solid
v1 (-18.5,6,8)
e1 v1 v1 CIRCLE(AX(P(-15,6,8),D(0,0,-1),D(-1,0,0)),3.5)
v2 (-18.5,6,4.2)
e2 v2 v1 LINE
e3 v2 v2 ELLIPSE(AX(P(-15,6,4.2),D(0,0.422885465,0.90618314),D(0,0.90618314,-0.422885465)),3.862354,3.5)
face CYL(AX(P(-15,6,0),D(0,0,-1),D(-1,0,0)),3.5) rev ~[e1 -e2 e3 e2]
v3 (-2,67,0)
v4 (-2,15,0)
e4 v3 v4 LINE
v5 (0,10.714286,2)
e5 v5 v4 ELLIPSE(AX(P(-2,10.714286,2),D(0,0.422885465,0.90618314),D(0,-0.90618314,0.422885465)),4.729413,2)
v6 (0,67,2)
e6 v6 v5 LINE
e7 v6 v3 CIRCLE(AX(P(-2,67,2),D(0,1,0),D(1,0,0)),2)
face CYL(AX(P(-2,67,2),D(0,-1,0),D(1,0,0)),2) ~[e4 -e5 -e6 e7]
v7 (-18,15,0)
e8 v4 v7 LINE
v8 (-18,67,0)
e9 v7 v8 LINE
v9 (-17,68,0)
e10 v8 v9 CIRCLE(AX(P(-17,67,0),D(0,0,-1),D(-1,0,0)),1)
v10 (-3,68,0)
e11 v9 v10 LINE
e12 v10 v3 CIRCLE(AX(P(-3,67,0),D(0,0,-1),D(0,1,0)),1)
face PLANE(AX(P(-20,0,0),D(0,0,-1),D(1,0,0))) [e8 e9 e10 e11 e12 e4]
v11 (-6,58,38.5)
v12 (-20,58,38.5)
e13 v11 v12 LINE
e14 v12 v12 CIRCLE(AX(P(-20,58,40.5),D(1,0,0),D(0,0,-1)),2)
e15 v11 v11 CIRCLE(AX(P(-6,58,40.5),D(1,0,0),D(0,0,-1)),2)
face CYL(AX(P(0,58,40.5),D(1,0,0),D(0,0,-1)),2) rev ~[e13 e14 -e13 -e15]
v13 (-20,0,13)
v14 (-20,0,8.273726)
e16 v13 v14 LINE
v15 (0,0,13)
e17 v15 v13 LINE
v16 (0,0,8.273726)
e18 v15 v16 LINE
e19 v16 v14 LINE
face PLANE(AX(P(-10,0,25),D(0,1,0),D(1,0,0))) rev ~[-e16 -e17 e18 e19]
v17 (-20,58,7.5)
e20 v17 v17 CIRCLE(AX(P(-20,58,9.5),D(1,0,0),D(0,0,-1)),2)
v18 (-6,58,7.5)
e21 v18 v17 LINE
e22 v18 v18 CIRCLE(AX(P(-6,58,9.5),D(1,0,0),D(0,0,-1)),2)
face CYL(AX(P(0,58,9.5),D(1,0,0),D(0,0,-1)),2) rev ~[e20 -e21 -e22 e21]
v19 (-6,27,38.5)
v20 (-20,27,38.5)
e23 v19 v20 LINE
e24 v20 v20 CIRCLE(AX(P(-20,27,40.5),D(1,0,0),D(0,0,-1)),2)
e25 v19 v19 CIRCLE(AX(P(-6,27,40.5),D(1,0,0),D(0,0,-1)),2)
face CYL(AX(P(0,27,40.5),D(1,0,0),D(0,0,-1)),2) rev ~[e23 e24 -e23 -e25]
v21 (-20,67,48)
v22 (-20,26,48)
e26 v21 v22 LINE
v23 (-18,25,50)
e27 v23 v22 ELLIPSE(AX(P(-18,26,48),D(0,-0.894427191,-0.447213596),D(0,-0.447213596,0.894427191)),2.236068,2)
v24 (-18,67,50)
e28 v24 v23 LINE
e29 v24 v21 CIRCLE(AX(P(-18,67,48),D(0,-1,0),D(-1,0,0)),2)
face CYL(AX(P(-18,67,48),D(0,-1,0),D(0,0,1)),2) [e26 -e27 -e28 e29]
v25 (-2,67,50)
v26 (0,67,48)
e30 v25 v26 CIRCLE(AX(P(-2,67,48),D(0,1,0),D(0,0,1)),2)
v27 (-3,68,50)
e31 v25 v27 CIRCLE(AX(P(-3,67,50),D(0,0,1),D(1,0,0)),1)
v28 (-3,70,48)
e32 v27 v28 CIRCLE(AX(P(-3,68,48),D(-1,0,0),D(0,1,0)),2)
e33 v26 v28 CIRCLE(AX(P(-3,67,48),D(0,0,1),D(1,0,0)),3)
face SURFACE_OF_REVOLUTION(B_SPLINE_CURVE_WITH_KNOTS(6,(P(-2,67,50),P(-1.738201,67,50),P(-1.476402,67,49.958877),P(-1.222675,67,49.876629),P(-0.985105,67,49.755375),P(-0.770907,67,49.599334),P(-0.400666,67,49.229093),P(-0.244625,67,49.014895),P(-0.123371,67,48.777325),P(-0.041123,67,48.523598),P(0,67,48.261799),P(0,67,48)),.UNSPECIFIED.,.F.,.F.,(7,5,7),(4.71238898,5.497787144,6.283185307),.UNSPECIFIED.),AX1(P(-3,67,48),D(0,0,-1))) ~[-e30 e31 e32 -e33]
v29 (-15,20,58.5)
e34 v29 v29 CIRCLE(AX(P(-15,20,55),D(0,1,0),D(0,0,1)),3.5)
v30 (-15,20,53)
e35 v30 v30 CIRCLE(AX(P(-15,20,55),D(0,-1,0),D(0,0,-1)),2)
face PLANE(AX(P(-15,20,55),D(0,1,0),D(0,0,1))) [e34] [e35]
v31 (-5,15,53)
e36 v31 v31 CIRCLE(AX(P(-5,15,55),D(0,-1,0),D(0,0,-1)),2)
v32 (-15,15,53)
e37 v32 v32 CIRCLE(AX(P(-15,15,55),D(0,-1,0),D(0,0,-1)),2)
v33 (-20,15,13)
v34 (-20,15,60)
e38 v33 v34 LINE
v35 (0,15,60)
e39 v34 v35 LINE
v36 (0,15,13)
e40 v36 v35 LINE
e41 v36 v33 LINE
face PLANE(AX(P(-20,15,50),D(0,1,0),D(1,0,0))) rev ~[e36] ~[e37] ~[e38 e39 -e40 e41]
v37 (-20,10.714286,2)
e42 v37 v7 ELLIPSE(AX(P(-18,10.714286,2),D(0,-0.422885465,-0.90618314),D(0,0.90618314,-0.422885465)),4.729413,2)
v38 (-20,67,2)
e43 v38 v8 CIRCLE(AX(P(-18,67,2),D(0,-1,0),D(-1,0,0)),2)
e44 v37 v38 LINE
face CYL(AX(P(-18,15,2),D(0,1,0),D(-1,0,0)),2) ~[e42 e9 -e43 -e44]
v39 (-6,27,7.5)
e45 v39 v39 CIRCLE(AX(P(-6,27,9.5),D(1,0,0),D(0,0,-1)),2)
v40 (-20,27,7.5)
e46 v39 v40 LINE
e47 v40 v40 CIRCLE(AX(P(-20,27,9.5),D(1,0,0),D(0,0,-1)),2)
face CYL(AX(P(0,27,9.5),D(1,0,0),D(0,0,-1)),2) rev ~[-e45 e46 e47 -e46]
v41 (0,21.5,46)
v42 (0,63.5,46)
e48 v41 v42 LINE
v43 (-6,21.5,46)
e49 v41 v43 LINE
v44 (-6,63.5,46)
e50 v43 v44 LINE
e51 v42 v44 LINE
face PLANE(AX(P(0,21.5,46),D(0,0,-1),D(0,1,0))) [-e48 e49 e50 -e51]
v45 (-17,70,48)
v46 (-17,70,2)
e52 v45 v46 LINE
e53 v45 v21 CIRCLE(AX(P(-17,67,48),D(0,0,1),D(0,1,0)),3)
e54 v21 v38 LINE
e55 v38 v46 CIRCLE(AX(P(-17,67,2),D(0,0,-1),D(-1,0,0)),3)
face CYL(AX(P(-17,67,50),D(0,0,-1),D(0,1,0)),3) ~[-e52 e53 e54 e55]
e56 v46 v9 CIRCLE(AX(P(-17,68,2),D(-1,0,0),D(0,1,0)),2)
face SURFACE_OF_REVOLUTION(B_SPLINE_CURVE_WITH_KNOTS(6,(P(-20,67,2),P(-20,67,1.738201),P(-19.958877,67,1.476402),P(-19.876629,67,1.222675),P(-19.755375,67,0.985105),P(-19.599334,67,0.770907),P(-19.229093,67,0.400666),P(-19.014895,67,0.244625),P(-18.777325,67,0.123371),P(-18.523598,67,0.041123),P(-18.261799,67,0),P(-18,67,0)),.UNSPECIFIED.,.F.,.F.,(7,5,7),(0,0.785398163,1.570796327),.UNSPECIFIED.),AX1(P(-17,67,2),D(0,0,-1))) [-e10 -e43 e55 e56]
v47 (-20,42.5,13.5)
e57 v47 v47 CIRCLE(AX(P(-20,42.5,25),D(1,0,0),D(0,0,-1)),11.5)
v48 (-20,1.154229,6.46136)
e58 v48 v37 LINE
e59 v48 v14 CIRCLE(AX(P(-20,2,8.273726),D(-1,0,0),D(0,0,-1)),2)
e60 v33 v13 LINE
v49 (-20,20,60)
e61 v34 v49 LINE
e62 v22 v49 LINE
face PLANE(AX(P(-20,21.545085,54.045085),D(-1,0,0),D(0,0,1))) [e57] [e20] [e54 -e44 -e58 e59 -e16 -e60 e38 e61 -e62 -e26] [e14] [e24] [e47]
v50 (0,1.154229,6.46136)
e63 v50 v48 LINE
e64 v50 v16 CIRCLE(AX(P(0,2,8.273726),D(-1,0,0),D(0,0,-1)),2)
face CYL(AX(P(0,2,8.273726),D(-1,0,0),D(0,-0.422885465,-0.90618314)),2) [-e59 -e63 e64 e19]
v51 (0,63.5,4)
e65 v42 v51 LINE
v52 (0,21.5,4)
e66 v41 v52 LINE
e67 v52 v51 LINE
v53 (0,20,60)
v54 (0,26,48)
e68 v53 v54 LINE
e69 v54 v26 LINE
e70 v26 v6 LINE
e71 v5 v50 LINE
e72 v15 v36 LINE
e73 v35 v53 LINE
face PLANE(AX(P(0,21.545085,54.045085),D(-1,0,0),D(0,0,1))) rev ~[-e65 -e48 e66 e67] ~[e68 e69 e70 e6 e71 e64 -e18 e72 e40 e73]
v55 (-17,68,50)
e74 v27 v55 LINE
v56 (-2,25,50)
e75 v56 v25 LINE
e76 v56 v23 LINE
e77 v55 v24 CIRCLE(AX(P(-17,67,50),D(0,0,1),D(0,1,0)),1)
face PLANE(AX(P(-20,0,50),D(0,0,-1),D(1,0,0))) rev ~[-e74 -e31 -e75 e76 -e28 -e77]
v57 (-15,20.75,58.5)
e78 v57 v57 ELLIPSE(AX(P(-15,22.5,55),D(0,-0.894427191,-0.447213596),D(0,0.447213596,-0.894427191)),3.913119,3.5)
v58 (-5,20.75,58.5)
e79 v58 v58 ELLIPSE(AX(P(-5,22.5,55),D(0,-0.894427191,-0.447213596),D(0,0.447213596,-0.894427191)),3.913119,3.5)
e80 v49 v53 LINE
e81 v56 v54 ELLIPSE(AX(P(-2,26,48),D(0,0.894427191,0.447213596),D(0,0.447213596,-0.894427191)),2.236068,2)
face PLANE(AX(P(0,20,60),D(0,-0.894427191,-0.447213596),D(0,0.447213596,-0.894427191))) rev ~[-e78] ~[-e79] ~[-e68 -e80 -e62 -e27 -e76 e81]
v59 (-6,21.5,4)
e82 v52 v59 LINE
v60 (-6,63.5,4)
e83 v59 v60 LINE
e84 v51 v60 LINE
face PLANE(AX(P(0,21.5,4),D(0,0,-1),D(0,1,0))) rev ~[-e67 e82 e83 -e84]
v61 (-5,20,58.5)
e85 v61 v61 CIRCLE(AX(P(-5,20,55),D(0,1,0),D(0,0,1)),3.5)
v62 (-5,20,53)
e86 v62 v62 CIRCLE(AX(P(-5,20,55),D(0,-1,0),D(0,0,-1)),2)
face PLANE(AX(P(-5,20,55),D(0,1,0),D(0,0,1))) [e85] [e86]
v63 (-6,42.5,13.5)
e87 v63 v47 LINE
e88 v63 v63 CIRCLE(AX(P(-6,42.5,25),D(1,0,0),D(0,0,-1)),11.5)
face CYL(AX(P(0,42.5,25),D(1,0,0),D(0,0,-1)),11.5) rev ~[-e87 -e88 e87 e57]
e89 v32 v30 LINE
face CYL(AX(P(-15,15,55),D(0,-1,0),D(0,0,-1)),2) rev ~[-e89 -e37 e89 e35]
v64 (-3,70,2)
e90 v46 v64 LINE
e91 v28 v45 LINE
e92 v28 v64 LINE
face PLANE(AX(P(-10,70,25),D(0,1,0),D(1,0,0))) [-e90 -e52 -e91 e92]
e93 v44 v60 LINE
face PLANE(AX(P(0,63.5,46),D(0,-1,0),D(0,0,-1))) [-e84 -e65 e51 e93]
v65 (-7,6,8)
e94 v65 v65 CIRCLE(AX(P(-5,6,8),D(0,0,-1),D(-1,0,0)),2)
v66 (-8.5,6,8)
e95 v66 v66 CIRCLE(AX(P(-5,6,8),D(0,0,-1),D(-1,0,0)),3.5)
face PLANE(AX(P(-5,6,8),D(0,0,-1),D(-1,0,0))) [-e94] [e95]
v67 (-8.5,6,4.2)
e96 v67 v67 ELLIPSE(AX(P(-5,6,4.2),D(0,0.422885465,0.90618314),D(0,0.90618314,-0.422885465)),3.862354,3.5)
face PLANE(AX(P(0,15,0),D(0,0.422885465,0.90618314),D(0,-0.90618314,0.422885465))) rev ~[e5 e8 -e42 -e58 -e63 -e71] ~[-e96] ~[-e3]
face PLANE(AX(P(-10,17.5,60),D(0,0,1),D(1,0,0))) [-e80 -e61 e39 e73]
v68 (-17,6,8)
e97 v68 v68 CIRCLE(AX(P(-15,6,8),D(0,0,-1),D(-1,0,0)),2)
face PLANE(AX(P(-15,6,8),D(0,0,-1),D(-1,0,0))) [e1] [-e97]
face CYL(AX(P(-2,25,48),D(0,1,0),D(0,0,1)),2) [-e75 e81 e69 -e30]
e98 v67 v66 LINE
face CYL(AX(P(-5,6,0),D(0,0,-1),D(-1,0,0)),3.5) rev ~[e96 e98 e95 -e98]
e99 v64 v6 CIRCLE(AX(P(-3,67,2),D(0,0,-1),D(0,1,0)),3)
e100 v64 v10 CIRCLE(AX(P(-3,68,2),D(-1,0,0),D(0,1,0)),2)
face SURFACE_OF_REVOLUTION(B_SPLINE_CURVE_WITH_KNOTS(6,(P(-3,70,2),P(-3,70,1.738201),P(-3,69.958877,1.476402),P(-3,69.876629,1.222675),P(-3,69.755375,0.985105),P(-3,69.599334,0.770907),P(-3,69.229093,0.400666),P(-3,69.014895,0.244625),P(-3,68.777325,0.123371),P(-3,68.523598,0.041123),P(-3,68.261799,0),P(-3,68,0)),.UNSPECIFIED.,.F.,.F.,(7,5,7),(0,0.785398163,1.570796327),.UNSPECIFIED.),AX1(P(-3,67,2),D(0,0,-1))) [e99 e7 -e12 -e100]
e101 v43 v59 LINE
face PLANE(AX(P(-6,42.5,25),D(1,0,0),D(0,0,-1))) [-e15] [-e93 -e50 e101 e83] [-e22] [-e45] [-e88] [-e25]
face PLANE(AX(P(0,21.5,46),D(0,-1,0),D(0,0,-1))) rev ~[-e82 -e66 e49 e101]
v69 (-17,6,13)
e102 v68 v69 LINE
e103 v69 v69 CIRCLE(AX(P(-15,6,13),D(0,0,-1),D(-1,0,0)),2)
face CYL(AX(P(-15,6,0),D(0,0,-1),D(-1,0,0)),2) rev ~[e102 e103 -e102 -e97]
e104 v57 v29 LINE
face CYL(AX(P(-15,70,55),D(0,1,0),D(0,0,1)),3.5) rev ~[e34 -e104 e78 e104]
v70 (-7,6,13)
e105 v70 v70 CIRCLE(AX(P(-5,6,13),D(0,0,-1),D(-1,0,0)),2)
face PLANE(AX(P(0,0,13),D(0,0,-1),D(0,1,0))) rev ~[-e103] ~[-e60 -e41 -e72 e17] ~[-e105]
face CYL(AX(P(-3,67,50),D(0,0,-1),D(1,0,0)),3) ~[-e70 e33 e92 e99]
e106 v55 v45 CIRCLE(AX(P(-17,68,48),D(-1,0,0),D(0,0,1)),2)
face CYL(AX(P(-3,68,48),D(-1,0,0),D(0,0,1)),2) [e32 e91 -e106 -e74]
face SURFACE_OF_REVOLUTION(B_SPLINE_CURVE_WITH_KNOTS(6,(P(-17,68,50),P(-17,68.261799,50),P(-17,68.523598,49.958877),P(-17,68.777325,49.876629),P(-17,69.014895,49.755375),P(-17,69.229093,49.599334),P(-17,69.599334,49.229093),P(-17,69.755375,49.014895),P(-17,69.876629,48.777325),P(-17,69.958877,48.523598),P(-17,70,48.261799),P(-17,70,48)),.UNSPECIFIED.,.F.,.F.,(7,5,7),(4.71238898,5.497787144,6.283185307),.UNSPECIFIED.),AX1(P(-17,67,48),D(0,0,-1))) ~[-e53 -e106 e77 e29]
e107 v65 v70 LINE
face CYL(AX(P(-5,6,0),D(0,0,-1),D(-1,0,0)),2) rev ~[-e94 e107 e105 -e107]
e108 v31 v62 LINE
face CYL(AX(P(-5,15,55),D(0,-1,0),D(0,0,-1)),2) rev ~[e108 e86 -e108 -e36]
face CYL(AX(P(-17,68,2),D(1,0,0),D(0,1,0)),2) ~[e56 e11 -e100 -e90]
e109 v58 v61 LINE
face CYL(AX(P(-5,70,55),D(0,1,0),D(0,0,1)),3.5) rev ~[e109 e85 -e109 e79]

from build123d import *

# Parameters (mm, degrees)
SKETCH1_W           = 20
SKETCH1_H           = 50
BOSS_EXTRUDE1_DEPTH = 70
SKETCH2_R           = 2
SKETCH2_R_2         = 11.5
CUT_EXTRUDE2_DEPTH  = 60
SKETCH4_W           = 37
SKETCH4_H           = 15
CUT_EXTRUDE3_DEPTH  = 60
SKETCH8_R           = 2
CUT_EXTRUDE5_DEPTH  = 15
SKETCH9_W           = 42
SKETCH9_H           = 42
CUT_EXTRUDE6_DEPTH  = 6
CUT_EXTRUDE8_DEPTH  = 30
SKETCH12_W          = 20
SKETCH12_H          = 5
BOSS_EXTRUDE2_DEPTH = 10
BOSS_EXTRUDE3_DEPTH = 20
SKETCH15_R          = 2
CUT_EXTRUDE9_DEPTH  = 10
SKETCH17_R          = 3.5
CUT_EXTRUDE11_DEPTH = 8
SKETCH18_R          = 3.5
CUT_EXTRUDE12_DEPTH = 50
FILLET2_R           = 3
FILLET3_R           = 3
FILLET4_R           = 2
FILLET5_R           = 2
FILLET6_R           = 2


with BuildPart() as part:
    # Sketch1 → Boss-Extrude1 (new body)
    with BuildSketch(Plane(origin=(0, 0, 0), x_dir=(1, 0, 0), z_dir=(0, 1, 0))):
        with Locations((-10, -25)):
            Rectangle(SKETCH1_W, SKETCH1_H)
    extrude(amount=BOSS_EXTRUDE1_DEPTH)

    # Sketch2 → Cut-Extrude2 (cut)
    with BuildSketch(Plane(origin=(0, 0, 0), x_dir=(0, 0, -1), z_dir=(1, 0, 0))):
        with Locations((-9.5, 58)):
            Circle(SKETCH2_R)
        with Locations((-25, 42.5)):
            Circle(SKETCH2_R_2)
        with Locations((-9.5, 27)):
            Circle(SKETCH2_R)
        with Locations((-40.5, 27)):
            Circle(SKETCH2_R)
        with Locations((-40.5, 58)):
            Circle(SKETCH2_R)
    extrude(amount=-CUT_EXTRUDE2_DEPTH, mode=Mode.SUBTRACT)

    # Sketch4 → Cut-Extrude3 (cut)
    with BuildSketch(Plane(origin=(0, 0, 0), x_dir=(0, 0, -1), z_dir=(1, 0, 0))):
        with Locations((-31.5, 7.5)):
            Rectangle(SKETCH4_W, SKETCH4_H)
    extrude(amount=-CUT_EXTRUDE3_DEPTH, mode=Mode.SUBTRACT)

    # Sketch8 → Cut-Extrude5 (cut)
    with BuildSketch(Plane(origin=(0, 0, 0), x_dir=(-1, 0, 0), z_dir=(0, 0, -1))):
        with Locations((15, 6)):
            Circle(SKETCH8_R)
        with Locations((5, 6)):
            Circle(SKETCH8_R)
    extrude(amount=-CUT_EXTRUDE5_DEPTH, mode=Mode.SUBTRACT)

    # Sketch9 → Cut-Extrude6 (cut)
    with BuildSketch(Plane(origin=(0, 0, 0), x_dir=(0, 0, -1), z_dir=(1, 0, 0))):
        with Locations((-25, 42.5)):
            Rectangle(SKETCH9_W, SKETCH9_H)
    extrude(amount=-CUT_EXTRUDE6_DEPTH, mode=Mode.SUBTRACT)

    # Sketch11 → Cut-Extrude8 (cut)
    with BuildSketch(Plane(origin=(0, 0, 0), x_dir=(0, 0, -1), z_dir=(1, 0, 0))):
        Polygon((-7, 0), (0, 0), (0, 15), align=None)
    extrude(amount=-CUT_EXTRUDE8_DEPTH, mode=Mode.SUBTRACT)

    # Sketch12 → Boss-Extrude2 (add)
    with BuildSketch(Plane.XY.offset(50)):
        with Locations((-10, 17.5)):
            Rectangle(SKETCH12_W, SKETCH12_H)
    extrude(amount=BOSS_EXTRUDE2_DEPTH)

    # Sketch14 → Boss-Extrude3 (add)
    with BuildSketch(Plane(origin=(0, 0, 0), x_dir=(0, 0, -1), z_dir=(1, 0, 0))):
        Polygon((-50, 20), (-60, 20), (-50, 25), align=None)
    extrude(amount=-BOSS_EXTRUDE3_DEPTH)

    # Sketch15 → Cut-Extrude9 (cut)
    with BuildSketch(Plane(origin=(0, 15, 0), x_dir=(-1, 0, 0), z_dir=(0, -1, 0))):
        with Locations(Location((5, -55, 0), (0, 0, 90))):
            Circle(SKETCH15_R)
        with Locations(Location((15, -55, 0), (0, 0, 90))):
            Circle(SKETCH15_R)
    extrude(amount=-CUT_EXTRUDE9_DEPTH, mode=Mode.SUBTRACT)

    # Sketch17 → Cut-Extrude11 (cut)
    with BuildSketch(Plane(origin=(0, 0, 0), x_dir=(-1, 0, 0), z_dir=(0, 0, -1))):
        with Locations((15, 6)):
            Circle(SKETCH17_R)
        with Locations((5, 6)):
            Circle(SKETCH17_R)
    extrude(amount=-CUT_EXTRUDE11_DEPTH, mode=Mode.SUBTRACT)

    # Sketch18 → Cut-Extrude12 (cut)
    with BuildSketch(Plane(origin=(0, 70, 0), x_dir=(1, 0, 0), z_dir=(0, 1, 0))):
        with Locations(Location((-15, -55, 0), (0, 0, 270))):
            Circle(SKETCH18_R)
        with Locations(Location((-5, -55, 0), (0, 0, 270))):
            Circle(SKETCH18_R)
    extrude(amount=-CUT_EXTRUDE12_DEPTH, mode=Mode.SUBTRACT)

    # Fillet2
    fillet2_edges = [part.edges().sort_by_distance(p)[0] for p in [
        (0, 70, 25),
    ]]
    fillet(fillet2_edges, radius=FILLET2_R)

    # Fillet3
    fillet3_edges = [part.edges().sort_by_distance(p)[0] for p in [
        (-20, 70, 25),
    ]]
    fillet(fillet3_edges, radius=FILLET3_R)

    # Fillet4
    fillet4_edges = [part.edges().sort_by_distance(p)[0] for p in [
        (0, 46, 50),
        (-0.878679656, 69.121320344, 50),
        (-10, 70, 50),
        (-20, 46, 50),
        (-19.121320344, 69.121320344, 50),
    ]]
    fillet(fillet4_edges, radius=FILLET4_R)

    # Fillet5
    fillet5_edges = [part.edges().sort_by_distance(p)[0] for p in [
        (-10, 70, 0),
        (0, 41, 0),
        (-0.878679656, 69.121320344, 0),
        (-20, 41, 0),
        (-19.121320344, 69.121320344, 0),
    ]]
    fillet(fillet5_edges, radius=FILLET5_R)

    # Fillet6
    fillet6_edges = [part.edges().sort_by_distance(p)[0] for p in [
        (-10, 0, 7),
    ]]
    fillet(fillet6_edges, radius=FILLET6_R)


solid = part.part
